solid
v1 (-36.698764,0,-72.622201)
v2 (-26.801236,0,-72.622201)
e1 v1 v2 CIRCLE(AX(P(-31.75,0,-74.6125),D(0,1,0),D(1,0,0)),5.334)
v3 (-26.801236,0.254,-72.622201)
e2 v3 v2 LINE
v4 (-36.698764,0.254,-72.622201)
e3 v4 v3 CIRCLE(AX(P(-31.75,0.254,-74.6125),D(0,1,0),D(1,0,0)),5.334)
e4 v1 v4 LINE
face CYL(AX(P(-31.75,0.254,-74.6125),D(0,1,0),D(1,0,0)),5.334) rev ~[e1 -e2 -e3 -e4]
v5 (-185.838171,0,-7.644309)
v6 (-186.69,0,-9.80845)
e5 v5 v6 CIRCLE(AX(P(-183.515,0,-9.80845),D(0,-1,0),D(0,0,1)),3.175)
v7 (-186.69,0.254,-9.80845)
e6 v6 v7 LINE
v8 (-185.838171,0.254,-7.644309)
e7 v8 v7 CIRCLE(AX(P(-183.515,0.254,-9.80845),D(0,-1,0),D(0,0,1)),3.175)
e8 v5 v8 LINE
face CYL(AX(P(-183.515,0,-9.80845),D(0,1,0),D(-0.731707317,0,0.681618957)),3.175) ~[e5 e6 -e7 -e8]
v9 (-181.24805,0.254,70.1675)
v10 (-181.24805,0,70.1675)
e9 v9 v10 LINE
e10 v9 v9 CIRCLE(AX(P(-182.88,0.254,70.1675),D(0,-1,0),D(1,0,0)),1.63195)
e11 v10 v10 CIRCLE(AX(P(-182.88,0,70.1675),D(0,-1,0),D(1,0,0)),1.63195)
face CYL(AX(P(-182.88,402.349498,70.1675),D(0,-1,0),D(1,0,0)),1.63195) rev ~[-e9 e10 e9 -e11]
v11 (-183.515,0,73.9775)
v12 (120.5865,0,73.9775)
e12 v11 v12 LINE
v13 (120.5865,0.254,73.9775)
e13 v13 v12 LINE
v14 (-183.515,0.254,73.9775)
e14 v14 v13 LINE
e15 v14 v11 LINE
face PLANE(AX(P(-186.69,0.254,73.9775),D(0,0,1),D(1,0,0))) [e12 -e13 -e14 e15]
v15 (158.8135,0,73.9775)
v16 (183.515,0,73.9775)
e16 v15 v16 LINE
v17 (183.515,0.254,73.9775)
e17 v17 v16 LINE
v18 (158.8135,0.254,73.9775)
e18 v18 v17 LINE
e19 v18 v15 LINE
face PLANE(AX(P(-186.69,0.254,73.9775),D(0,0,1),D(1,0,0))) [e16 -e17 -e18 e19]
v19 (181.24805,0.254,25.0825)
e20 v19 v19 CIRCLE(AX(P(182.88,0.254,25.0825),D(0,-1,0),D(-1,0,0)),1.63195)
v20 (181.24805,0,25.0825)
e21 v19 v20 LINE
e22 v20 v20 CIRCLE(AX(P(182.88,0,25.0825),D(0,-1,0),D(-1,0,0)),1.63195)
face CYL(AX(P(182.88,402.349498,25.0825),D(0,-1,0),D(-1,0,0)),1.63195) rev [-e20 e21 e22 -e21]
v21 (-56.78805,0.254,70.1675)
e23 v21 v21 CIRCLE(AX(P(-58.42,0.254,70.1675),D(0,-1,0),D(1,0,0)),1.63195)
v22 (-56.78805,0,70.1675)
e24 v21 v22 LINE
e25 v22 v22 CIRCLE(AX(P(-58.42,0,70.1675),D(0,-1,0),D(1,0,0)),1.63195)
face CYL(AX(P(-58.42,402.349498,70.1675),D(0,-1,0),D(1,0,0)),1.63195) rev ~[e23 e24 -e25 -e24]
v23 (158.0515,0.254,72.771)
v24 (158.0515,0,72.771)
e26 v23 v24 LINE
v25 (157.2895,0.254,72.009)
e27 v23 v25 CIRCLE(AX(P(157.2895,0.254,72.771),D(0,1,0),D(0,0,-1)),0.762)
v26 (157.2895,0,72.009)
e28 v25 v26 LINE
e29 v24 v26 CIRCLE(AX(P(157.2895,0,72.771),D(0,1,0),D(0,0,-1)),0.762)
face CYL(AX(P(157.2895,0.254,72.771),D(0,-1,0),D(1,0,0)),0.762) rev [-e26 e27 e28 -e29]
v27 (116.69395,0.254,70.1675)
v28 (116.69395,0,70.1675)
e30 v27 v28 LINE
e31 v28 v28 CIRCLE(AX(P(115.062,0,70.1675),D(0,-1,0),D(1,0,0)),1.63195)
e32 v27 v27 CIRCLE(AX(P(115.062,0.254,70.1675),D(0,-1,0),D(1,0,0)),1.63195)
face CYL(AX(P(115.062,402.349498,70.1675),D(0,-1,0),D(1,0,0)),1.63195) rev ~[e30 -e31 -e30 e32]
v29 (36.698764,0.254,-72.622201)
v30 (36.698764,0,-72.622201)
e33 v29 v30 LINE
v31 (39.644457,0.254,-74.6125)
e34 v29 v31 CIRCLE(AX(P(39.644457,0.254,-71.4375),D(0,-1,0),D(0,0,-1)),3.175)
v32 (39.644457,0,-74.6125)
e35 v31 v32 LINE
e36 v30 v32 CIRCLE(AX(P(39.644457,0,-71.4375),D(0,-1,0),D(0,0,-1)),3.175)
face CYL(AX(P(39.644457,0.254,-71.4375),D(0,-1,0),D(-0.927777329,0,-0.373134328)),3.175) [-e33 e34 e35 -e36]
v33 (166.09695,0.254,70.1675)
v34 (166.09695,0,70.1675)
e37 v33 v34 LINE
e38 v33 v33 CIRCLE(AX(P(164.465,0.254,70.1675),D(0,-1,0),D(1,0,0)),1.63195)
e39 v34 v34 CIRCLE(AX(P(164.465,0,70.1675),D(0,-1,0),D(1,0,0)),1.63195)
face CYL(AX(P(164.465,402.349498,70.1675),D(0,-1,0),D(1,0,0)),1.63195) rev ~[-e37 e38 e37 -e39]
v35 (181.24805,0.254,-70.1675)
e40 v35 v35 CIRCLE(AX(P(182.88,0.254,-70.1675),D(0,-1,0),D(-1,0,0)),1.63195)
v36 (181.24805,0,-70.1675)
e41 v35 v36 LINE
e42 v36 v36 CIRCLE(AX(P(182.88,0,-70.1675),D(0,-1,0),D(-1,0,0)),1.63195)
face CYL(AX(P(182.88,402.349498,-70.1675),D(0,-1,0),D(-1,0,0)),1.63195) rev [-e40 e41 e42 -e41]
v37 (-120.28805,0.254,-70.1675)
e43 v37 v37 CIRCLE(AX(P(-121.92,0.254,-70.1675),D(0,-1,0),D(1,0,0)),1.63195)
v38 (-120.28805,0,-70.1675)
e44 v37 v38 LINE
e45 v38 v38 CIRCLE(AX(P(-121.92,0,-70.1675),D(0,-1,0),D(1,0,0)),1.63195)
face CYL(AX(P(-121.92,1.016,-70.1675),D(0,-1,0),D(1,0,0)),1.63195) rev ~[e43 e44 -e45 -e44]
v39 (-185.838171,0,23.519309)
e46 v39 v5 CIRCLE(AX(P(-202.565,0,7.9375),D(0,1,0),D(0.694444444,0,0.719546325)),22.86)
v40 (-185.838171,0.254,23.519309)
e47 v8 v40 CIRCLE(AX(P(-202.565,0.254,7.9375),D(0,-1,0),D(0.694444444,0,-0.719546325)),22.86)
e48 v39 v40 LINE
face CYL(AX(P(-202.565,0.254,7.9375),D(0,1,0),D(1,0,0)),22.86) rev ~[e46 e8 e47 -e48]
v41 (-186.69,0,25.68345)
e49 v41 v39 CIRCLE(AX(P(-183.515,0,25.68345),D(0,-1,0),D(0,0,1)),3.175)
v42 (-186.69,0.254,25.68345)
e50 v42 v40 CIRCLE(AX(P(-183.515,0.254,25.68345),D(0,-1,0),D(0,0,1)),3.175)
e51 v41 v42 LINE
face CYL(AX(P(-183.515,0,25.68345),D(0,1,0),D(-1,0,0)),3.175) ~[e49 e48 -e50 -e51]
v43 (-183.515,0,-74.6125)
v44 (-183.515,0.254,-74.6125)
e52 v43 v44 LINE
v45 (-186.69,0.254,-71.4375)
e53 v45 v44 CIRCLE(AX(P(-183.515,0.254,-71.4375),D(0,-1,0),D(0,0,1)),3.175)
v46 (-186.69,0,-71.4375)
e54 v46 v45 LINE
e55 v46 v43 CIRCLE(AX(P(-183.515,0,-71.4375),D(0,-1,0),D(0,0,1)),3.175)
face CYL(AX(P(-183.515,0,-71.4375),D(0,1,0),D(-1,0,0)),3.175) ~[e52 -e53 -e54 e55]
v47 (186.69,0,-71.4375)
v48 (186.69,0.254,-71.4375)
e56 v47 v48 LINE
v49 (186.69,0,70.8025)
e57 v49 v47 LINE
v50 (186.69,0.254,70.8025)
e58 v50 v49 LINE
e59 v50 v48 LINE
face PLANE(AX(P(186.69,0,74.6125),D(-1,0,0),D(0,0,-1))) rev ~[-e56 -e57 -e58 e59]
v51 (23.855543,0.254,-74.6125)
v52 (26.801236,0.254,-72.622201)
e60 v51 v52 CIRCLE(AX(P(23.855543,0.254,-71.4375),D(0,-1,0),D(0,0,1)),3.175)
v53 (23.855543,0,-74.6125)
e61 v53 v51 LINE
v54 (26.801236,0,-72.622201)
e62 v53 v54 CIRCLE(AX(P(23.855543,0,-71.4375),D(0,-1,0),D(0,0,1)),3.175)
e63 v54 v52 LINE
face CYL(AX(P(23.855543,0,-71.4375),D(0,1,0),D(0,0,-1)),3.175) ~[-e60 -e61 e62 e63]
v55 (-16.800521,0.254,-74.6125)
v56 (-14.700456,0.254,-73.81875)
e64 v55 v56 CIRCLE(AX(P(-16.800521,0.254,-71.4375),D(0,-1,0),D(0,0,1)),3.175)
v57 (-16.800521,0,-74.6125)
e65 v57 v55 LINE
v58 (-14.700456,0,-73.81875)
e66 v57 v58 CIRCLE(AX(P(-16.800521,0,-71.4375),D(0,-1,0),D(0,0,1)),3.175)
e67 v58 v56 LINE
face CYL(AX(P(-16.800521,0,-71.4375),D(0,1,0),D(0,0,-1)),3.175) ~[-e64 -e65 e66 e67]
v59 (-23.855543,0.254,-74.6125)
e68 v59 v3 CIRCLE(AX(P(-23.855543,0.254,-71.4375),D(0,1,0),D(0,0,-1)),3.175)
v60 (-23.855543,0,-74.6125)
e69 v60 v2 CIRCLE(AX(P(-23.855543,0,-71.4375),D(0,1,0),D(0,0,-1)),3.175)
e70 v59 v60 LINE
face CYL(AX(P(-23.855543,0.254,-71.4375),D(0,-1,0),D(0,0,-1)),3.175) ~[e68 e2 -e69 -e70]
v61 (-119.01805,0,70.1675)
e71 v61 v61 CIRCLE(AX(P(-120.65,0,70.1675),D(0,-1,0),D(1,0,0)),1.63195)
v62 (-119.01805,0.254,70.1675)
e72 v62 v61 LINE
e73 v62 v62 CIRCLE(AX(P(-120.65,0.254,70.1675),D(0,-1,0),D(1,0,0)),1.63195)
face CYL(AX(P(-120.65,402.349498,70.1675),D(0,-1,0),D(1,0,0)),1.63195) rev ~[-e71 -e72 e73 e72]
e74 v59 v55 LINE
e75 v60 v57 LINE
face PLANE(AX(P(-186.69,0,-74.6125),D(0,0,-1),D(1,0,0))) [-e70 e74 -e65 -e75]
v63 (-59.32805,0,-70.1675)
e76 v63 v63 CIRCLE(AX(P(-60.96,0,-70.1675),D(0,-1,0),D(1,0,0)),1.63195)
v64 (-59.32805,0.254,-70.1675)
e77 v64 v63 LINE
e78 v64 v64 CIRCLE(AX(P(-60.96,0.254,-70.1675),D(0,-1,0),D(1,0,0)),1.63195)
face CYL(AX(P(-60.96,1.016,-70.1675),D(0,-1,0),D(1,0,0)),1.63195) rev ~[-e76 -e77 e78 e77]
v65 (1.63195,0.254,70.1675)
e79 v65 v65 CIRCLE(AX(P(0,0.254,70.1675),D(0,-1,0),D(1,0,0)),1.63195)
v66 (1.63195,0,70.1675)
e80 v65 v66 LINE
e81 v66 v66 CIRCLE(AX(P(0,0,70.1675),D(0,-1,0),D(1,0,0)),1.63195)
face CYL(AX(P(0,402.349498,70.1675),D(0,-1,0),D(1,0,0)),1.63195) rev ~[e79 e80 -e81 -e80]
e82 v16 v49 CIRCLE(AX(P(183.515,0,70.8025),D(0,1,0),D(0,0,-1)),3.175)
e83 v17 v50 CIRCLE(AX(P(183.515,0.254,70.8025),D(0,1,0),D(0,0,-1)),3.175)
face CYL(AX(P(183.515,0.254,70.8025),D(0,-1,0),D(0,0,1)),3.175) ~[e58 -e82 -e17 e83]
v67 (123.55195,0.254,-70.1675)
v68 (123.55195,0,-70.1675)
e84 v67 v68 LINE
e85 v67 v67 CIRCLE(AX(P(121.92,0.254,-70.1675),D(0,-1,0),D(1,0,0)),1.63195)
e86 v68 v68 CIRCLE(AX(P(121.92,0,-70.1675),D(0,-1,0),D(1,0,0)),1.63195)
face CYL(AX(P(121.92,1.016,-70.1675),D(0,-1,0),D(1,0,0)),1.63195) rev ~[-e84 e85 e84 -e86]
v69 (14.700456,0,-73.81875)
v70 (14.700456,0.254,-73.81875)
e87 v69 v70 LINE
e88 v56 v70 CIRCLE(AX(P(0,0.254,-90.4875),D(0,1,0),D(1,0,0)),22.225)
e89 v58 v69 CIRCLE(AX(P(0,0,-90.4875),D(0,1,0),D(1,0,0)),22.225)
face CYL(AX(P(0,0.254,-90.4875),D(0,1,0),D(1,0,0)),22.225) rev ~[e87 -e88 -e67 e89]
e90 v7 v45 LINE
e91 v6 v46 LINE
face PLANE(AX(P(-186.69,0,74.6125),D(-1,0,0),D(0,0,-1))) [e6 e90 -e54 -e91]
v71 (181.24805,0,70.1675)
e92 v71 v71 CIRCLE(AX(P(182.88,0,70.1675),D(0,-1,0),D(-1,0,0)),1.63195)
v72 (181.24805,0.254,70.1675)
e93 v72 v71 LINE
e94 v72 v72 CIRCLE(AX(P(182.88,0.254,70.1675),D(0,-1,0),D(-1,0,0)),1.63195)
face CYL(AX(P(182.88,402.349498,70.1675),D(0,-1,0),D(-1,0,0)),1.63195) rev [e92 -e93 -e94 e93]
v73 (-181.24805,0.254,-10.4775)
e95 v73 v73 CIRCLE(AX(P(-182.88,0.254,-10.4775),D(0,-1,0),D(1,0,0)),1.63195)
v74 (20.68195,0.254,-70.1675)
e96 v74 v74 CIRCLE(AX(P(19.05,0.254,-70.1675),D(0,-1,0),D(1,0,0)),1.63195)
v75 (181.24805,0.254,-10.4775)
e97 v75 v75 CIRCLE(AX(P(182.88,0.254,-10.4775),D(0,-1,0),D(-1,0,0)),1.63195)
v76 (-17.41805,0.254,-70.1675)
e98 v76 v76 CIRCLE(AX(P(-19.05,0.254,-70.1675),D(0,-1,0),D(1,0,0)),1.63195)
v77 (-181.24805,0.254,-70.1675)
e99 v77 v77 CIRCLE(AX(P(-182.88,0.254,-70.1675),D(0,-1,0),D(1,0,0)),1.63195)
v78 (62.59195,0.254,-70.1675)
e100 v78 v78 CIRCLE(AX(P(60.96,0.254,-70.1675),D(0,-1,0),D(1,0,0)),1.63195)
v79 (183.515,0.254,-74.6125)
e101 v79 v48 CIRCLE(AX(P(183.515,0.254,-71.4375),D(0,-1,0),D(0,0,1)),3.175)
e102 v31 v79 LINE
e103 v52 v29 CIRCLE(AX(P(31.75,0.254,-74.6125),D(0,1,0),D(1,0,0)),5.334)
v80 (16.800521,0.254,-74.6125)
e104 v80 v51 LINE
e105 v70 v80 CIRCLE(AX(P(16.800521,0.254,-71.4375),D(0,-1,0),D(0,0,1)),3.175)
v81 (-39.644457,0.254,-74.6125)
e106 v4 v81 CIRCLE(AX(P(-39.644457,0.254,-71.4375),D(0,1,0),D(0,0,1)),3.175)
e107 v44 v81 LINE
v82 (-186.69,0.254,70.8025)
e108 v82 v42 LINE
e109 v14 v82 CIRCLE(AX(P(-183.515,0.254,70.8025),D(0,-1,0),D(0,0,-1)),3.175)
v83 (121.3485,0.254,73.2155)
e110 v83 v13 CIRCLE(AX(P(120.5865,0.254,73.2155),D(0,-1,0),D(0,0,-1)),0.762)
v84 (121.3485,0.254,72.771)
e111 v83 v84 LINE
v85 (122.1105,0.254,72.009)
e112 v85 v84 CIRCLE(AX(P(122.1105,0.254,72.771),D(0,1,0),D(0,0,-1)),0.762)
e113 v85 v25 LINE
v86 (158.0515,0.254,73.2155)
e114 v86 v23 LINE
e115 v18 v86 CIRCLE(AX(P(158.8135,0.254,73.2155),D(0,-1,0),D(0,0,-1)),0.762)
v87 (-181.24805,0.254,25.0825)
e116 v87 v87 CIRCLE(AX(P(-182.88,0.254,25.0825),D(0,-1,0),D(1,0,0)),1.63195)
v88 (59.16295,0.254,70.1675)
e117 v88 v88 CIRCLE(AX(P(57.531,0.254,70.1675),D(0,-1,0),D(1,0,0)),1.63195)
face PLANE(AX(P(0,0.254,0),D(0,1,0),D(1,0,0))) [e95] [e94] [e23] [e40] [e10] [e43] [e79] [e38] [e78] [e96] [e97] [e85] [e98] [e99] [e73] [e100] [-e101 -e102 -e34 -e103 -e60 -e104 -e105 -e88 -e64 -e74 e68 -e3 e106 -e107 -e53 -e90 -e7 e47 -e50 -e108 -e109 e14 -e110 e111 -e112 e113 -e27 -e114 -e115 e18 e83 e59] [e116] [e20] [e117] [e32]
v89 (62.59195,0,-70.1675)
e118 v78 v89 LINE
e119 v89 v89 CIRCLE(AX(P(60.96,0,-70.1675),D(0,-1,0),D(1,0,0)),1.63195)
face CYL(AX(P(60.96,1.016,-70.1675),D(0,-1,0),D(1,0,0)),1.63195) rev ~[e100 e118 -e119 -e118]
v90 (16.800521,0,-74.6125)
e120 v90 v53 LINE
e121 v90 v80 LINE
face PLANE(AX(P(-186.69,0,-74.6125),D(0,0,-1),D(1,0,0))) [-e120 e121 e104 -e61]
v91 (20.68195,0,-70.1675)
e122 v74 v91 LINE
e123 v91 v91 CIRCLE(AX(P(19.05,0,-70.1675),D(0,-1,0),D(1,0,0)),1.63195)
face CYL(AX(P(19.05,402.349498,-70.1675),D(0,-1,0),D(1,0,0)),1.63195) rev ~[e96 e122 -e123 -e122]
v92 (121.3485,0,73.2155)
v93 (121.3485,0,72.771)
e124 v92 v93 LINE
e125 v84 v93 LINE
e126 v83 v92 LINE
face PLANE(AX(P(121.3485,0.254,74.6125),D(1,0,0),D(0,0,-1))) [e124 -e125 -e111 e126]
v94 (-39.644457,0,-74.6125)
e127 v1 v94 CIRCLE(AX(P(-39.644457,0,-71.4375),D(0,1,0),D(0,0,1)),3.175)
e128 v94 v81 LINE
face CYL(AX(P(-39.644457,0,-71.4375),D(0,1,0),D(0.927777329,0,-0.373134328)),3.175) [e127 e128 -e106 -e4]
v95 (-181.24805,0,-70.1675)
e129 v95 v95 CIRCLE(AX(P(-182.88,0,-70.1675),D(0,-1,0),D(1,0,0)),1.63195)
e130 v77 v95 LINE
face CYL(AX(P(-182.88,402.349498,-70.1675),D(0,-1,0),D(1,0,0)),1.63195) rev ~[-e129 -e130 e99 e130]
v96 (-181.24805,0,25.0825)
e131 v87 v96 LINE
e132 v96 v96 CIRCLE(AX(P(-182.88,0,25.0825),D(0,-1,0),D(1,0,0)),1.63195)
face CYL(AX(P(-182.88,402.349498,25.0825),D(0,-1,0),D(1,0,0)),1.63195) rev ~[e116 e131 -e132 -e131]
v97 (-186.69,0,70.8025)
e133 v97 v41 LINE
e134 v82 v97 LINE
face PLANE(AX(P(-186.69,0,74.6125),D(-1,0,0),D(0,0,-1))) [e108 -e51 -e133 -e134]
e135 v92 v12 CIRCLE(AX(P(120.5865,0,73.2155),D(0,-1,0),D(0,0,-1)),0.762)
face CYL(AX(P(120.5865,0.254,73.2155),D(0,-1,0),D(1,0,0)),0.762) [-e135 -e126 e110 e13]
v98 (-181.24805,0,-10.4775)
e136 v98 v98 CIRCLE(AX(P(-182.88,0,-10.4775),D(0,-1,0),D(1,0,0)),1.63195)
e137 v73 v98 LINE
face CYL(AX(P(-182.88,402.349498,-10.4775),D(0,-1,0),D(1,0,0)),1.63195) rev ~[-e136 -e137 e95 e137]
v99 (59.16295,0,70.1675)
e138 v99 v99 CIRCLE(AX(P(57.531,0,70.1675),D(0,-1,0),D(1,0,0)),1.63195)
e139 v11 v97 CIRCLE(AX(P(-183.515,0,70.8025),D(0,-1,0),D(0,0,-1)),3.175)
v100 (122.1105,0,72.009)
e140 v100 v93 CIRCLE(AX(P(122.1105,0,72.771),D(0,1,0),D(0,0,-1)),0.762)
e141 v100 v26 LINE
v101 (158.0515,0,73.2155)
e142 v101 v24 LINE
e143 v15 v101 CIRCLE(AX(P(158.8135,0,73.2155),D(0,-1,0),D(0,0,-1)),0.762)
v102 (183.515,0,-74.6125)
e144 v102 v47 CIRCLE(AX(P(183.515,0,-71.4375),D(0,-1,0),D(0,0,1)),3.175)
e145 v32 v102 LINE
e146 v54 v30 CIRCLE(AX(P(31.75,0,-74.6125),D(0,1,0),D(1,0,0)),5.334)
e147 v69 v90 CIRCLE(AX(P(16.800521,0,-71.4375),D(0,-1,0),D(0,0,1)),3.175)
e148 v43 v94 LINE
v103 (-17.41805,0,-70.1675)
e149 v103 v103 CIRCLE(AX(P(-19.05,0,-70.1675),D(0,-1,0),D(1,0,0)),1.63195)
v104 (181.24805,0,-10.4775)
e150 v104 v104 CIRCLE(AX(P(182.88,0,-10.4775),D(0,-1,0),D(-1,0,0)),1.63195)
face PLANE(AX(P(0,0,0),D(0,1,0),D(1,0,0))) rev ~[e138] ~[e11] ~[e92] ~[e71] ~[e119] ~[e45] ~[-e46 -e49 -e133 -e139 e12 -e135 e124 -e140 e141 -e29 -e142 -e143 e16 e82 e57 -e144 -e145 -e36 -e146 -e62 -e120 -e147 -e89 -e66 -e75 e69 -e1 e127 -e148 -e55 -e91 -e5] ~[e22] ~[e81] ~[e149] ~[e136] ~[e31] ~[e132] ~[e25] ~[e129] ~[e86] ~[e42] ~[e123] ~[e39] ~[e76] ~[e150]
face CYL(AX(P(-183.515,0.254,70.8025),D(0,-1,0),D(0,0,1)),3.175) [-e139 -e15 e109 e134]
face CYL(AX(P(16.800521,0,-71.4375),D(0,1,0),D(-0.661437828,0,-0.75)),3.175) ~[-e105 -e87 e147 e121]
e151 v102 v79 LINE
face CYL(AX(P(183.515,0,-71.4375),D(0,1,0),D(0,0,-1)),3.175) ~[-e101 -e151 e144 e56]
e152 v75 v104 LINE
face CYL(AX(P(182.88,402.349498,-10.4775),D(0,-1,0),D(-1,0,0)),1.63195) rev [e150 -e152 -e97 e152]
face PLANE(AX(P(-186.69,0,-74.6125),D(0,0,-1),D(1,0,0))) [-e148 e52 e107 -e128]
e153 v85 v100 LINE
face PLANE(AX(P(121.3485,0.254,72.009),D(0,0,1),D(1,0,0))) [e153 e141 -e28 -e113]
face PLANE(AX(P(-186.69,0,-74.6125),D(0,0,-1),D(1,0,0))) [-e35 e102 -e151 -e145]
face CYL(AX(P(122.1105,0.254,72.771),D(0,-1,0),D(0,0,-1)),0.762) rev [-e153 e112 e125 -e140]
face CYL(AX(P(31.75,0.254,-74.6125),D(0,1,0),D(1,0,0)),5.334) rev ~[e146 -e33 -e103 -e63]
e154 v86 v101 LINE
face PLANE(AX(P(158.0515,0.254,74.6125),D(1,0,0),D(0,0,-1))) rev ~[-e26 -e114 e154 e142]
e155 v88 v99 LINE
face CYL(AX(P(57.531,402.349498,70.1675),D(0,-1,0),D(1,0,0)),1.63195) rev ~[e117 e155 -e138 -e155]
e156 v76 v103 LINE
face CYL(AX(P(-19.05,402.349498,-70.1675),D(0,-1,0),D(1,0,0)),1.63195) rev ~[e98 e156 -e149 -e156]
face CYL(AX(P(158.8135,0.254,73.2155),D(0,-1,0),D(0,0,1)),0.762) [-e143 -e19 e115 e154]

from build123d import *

# Parameters (mm, degrees)
SKETCH1_W                 = 373.38
SKETCH1_H                 = 149.225
BOSS_EXTRUDE1_DEPTH       = 0.254
F_4_CLEARANCE_HOLE2_D     = 3.2639
F_4_CLEARANCE_HOLE2_DEPTH = 0.762
F_4_CLEARANCE_HOLE2_TIP   = 0.980574487
CUT_EXTRUDE2_REACH        = 203.048
SKETCH7_R                 = 22.225
FILLET2_R                 = 3.175
F_4_CLEARANCE_HOLE3_D     = 3.2639
SKETCH10_R                = 5.334
CUT_EXTRUDE3_DEPTH        = 1.016
FILLET3_R                 = 3.175
SKETCH11_R                = 22.86
CUT_EXTRUDE4_DEPTH        = 202.047869355
FILLET4_R                 = 3.175
F_4_CLEARANCE_HOLE4_D     = 3.2639
SKETCH15_W                = 36.703
SKETCH15_H                = 2.6035
CUT_EXTRUDE5_DEPTH        = 202.047869355
F_4_CLEARANCE_HOLE5_D     = 3.2639
SKETCH20_W                = 373.38
SKETCH20_H                = 0.635
CUT_EXTRUDE6_DEPTH        = 202.047869355
FILLET6_R                 = 0.762
FILLET7_R                 = 3.175


with BuildPart() as part:
    # Sketch1 → Boss-Extrude1 (new body)
    with BuildSketch(Plane(origin=(0, 0, 0), x_dir=(1, 0, 0), z_dir=(0, 1, 0))):
        Rectangle(SKETCH1_W, SKETCH1_H)
    extrude(amount=BOSS_EXTRUDE1_DEPTH)

    # #4 Clearance Hole2
    with Locations(Plane(origin=(0, 0.254, 0), x_dir=(-1, 0, 0), z_dir=(0, 1, 0))):
        with Locations((121.92, -70.1675), (60.96, -70.1675), (0, -70.1675), (-60.96, -70.1675), (-121.92, -70.1675)):
            Hole(F_4_CLEARANCE_HOLE2_D / 2, depth=F_4_CLEARANCE_HOLE2_DEPTH)
            with Locations((0, 0, -(F_4_CLEARANCE_HOLE2_DEPTH + F_4_CLEARANCE_HOLE2_TIP / 2))):  # 118° drill point
                Cone(0, F_4_CLEARANCE_HOLE2_D / 2, F_4_CLEARANCE_HOLE2_TIP, mode=Mode.SUBTRACT)

    # Sketch7 → Cut-Extrude2 (cut, up to next)
    with BuildSketch(Plane(origin=(0, 0.254, 0), x_dir=(1, 0, 0), z_dir=(0, 1, 0)), mode=Mode.PRIVATE) as cut_extrude2_sk1:
        with Locations((0, 90.4875)):
            Circle(SKETCH7_R)
    cut_extrude2_tool1 = extrude(cut_extrude2_sk1.sketch, amount=-CUT_EXTRUDE2_REACH, mode=Mode.PRIVATE) & part.part
    add(cut_extrude2_tool1.solids().sort_by_distance((0, 0.254, -90.4875))[0], mode=Mode.SUBTRACT)

    # Fillet2
    fillet2_edges = [part.edges().sort_by_distance(p)[0] for p in [
        (15.554259867, 0.127, -74.6125),
        (-15.554259867, 0.127, -74.6125),
    ]]
    fillet(fillet2_edges, radius=FILLET2_R)

    # #4 Clearance Hole3 (through all)
    with Locations(Plane(origin=(0, 0.254, 0), x_dir=(-1, 0, 0), z_dir=(0, 1, 0))):
        with Locations((19.05, -70.1675), (-19.05, -70.1675)):
            Hole(F_4_CLEARANCE_HOLE3_D / 2)

    # Sketch10 → Cut-Extrude3 (cut)
    with BuildSketch(Plane(origin=(0, 0.254, 0), x_dir=(1, 0, 0), z_dir=(0, 1, 0))):
        with Locations((31.75, 74.6125)):
            Circle(SKETCH10_R)
        with Locations((-31.75, 74.6125)):
            Circle(SKETCH10_R)
    extrude(amount=-CUT_EXTRUDE3_DEPTH, mode=Mode.SUBTRACT)

    # Fillet3
    fillet3_edges = [part.edges().sort_by_distance(p)[0] for p in [
        (37.084, 0.127, -74.6125),
        (26.416, 0.127, -74.6125),
        (-26.416, 0.127, -74.6125),
        (-37.084, 0.127, -74.6125),
    ]]
    fillet(fillet3_edges, radius=FILLET3_R)

    # Sketch11 → Cut-Extrude4 (cut, through all)
    with BuildSketch(Plane(origin=(0, 0.254, 0), x_dir=(1, 0, 0), z_dir=(0, 1, 0))):
        with Locations((-202.565, -7.9375)):
            Circle(SKETCH11_R)
    extrude(amount=-CUT_EXTRUDE4_DEPTH, mode=Mode.SUBTRACT)

    # Fillet4
    fillet4_edges = [part.edges().sort_by_distance(p)[0] for p in [
        (-186.69, 0.127, -8.511328986),
        (-186.69, 0.127, 24.386328986),
        (-186.69, 0.127, -74.6125),
        (186.69, 0.127, -74.6125),
    ]]
    fillet(fillet4_edges, radius=FILLET4_R)

    # #4 Clearance Hole4 (through all)
    with Locations(Plane(origin=(0, 0.254, 0), x_dir=(-1, 0, 0), z_dir=(0, 1, 0))):
        with Locations((182.88, -70.1675), (182.88, -10.4775), (182.88, 25.0825), (182.88, 70.1675)):
            f_4_clearance_hole4 = Hole(F_4_CLEARANCE_HOLE4_D / 2)

    # Mirror1: #4 Clearance Hole4 across plane
    add(f_4_clearance_hole4.mirror(Plane(origin=(0, 0, 0), x_dir=(0, 0, 1), z_dir=(1, 0, 0))), mode=Mode.SUBTRACT)

    # Sketch15 → Cut-Extrude5 (cut, through all)
    with BuildSketch(Plane(origin=(0, 0.254, 0), x_dir=(1, 0, 0), z_dir=(0, 1, 0))):
        with Locations((139.7, -73.31075)):
            Rectangle(SKETCH15_W, SKETCH15_H)
    extrude(amount=-CUT_EXTRUDE5_DEPTH, mode=Mode.SUBTRACT)

    # #4 Clearance Hole5 (through all)
    with Locations(Plane(origin=(0, 0.254, 0), x_dir=(-1, 0, 0), z_dir=(0, 1, 0))):
        with Locations((-115.062, 70.1675), (-164.465, 70.1675), (0, 70.1675), (-57.531, 70.1675), (120.65, 70.1675), (58.42, 70.1675)):
            Hole(F_4_CLEARANCE_HOLE5_D / 2)

    # Sketch20 → Cut-Extrude6 (cut, through all)
    with BuildSketch(Plane(origin=(0, 0.254, 0), x_dir=(1, 0, 0), z_dir=(0, 1, 0))):
        with Locations((0, -74.295)):
            Rectangle(SKETCH20_W, SKETCH20_H)
    extrude(amount=-CUT_EXTRUDE6_DEPTH, mode=Mode.SUBTRACT)

    # Fillet6
    fillet6_edges = [part.edges().sort_by_distance(p)[0] for p in [
        (158.0515, 0.127, 72.009),
        (121.3485, 0.127, 72.009),
        (121.3485, 0.127, 73.9775),
        (158.0515, 0.127, 73.9775),
    ]]
    fillet(fillet6_edges, radius=FILLET6_R)

    # Fillet7
    fillet7_edges = [part.edges().sort_by_distance(p)[0] for p in [
        (-186.69, 0.127, 73.9775),
        (186.69, 0.127, 73.9775),
    ]]
    fillet(fillet7_edges, radius=FILLET7_R)


solid = part.part
